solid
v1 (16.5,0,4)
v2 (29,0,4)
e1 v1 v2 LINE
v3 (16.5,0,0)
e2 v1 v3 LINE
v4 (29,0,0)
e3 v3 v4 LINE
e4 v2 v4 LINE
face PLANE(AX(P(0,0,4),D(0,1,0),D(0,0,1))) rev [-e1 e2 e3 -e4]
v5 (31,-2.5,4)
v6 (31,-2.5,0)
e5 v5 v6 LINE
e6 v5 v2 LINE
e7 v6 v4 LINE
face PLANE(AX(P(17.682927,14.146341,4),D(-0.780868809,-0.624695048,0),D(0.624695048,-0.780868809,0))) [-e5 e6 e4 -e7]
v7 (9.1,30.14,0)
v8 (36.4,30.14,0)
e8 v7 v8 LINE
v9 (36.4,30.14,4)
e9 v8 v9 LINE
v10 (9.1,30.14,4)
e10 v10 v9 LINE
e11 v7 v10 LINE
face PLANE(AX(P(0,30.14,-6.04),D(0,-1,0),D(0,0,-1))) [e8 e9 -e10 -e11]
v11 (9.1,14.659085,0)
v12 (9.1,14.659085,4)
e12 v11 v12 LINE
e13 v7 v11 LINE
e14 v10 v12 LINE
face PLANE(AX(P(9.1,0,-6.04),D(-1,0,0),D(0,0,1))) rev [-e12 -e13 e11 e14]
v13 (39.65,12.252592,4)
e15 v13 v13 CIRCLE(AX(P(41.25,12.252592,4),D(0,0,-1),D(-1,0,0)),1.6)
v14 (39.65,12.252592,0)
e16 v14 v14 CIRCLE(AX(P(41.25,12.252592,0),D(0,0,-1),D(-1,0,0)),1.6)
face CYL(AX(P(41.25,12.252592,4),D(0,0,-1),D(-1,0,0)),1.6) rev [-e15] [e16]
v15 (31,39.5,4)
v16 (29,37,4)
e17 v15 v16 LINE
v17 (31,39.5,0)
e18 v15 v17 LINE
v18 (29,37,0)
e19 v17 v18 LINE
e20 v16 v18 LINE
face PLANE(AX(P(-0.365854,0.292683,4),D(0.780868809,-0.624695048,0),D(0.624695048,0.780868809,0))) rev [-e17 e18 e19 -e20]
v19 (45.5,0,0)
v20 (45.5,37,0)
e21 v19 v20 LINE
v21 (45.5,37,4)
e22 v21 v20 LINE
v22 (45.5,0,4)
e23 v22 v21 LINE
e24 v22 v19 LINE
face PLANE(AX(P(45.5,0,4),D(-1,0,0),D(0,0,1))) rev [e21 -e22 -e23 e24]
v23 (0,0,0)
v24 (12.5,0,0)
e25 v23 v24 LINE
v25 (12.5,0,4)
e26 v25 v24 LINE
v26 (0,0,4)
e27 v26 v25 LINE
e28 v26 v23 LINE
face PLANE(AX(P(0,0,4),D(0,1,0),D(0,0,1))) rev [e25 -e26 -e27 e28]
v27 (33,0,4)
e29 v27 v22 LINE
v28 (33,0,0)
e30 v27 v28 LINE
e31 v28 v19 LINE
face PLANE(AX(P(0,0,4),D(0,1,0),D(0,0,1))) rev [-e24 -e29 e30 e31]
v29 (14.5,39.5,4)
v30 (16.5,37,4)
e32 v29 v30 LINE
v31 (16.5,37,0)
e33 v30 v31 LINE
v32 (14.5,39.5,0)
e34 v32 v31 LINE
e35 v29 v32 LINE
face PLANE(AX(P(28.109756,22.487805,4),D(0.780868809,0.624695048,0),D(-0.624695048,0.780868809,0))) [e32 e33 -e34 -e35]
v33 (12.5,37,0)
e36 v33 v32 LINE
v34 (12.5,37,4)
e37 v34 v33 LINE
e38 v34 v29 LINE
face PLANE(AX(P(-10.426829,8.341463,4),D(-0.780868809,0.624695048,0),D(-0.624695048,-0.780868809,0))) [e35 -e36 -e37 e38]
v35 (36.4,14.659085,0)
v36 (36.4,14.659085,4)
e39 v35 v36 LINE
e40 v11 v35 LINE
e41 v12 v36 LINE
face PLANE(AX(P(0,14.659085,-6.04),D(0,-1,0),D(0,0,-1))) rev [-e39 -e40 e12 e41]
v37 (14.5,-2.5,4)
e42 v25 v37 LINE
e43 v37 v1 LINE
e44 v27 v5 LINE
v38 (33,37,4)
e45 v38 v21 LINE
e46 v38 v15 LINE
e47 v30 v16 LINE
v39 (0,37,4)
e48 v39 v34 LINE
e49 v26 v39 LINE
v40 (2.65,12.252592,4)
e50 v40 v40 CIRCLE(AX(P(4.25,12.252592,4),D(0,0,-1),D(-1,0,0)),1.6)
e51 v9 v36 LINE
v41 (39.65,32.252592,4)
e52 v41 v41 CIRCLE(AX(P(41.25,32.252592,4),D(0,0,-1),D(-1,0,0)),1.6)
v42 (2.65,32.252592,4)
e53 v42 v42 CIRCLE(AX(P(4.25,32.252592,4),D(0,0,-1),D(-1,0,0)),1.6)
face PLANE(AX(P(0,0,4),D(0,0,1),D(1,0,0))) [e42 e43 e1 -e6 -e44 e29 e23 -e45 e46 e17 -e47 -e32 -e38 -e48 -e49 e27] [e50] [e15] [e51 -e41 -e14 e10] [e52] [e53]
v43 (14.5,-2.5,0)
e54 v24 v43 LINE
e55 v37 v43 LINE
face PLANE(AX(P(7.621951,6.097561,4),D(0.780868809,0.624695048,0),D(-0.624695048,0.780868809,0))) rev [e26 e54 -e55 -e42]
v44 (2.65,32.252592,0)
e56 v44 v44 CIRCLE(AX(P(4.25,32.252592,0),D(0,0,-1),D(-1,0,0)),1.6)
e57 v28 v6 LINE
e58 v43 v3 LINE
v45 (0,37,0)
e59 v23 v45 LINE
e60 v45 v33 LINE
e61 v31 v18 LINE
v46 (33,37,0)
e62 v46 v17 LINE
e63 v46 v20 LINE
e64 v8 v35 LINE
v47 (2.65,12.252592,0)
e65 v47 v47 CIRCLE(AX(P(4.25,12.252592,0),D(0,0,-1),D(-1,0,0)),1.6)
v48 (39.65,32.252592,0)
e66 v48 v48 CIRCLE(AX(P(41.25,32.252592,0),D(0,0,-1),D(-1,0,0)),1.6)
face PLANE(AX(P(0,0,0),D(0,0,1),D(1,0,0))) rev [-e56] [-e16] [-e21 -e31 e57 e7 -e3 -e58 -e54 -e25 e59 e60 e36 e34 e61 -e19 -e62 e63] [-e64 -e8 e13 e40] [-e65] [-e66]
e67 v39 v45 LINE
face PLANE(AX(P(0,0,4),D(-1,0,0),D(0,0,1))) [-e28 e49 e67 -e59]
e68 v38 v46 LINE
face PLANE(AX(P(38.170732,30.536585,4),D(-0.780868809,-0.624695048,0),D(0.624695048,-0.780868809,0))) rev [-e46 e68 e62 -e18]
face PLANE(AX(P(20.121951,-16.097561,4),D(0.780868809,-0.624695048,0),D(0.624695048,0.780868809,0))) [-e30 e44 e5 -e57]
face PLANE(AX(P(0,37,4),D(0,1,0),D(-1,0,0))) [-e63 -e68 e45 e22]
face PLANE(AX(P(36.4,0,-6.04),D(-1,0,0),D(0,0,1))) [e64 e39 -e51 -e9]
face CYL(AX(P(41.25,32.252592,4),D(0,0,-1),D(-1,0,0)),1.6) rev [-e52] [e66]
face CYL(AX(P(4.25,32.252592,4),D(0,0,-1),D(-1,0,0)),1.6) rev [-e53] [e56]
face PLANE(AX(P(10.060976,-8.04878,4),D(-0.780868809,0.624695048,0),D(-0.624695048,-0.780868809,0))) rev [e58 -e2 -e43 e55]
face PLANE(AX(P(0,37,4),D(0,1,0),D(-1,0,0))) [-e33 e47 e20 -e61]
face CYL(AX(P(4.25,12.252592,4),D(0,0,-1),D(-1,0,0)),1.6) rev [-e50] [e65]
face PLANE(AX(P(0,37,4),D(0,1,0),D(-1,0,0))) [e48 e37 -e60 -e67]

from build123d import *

# Parameters (mm, degrees)
SKETCH1_W              = 45.5
SKETCH1_H              = 37
BASIS_DEPTH            = 4
SKETCH6_W              = 27.3
SKETCH6_H              = 15.480915405
SHOW_ONLY_SCREEN_DEPTH = 10.04
SKETCH11_R             = 1.6
CUT_EXTRUDE10_DEPTH    = 4


with BuildPart() as part:
    # Sketch1 → Basis (new body)
    with BuildSketch(Plane.XY):
        with Locations((22.75, 18.5)):
            Rectangle(SKETCH1_W, SKETCH1_H)
        Polygon((14.5, 39.5), (12.5, 37), (16.5, 37), align=None)
        Polygon((31, 39.5), (29, 37), (33, 37), align=None)
        Polygon((16.5, 0), (12.5, 0), (14.5, -2.5), align=None)
        Polygon((33, 0), (29, 0), (31, -2.5), align=None)
    extrude(amount=BASIS_DEPTH)

    # Sketch6 → Show only screen (cut)
    with BuildSketch(Plane.XY.offset(4)):
        with Locations((22.75, 22.399542298)):
            Rectangle(SKETCH6_W, SKETCH6_H)
    extrude(amount=-SHOW_ONLY_SCREEN_DEPTH, mode=Mode.SUBTRACT)

    # Sketch11 → Cut-Extrude10 (cut)
    with BuildSketch(Plane(origin=(0, 0, 0), x_dir=(-1, 0, 0), z_dir=(0, 0, -1))):
        with Locations((-41.25, 32.252592082)):
            Circle(SKETCH11_R)
        with Locations((-4.25, 32.252592082)):
            Circle(SKETCH11_R)
        with Locations((-4.25, 12.252592082)):
            Circle(SKETCH11_R)
        with Locations((-41.25, 12.252592082)):
            Circle(SKETCH11_R)
    extrude(amount=-CUT_EXTRUDE10_DEPTH, mode=Mode.SUBTRACT)


solid = part.part
